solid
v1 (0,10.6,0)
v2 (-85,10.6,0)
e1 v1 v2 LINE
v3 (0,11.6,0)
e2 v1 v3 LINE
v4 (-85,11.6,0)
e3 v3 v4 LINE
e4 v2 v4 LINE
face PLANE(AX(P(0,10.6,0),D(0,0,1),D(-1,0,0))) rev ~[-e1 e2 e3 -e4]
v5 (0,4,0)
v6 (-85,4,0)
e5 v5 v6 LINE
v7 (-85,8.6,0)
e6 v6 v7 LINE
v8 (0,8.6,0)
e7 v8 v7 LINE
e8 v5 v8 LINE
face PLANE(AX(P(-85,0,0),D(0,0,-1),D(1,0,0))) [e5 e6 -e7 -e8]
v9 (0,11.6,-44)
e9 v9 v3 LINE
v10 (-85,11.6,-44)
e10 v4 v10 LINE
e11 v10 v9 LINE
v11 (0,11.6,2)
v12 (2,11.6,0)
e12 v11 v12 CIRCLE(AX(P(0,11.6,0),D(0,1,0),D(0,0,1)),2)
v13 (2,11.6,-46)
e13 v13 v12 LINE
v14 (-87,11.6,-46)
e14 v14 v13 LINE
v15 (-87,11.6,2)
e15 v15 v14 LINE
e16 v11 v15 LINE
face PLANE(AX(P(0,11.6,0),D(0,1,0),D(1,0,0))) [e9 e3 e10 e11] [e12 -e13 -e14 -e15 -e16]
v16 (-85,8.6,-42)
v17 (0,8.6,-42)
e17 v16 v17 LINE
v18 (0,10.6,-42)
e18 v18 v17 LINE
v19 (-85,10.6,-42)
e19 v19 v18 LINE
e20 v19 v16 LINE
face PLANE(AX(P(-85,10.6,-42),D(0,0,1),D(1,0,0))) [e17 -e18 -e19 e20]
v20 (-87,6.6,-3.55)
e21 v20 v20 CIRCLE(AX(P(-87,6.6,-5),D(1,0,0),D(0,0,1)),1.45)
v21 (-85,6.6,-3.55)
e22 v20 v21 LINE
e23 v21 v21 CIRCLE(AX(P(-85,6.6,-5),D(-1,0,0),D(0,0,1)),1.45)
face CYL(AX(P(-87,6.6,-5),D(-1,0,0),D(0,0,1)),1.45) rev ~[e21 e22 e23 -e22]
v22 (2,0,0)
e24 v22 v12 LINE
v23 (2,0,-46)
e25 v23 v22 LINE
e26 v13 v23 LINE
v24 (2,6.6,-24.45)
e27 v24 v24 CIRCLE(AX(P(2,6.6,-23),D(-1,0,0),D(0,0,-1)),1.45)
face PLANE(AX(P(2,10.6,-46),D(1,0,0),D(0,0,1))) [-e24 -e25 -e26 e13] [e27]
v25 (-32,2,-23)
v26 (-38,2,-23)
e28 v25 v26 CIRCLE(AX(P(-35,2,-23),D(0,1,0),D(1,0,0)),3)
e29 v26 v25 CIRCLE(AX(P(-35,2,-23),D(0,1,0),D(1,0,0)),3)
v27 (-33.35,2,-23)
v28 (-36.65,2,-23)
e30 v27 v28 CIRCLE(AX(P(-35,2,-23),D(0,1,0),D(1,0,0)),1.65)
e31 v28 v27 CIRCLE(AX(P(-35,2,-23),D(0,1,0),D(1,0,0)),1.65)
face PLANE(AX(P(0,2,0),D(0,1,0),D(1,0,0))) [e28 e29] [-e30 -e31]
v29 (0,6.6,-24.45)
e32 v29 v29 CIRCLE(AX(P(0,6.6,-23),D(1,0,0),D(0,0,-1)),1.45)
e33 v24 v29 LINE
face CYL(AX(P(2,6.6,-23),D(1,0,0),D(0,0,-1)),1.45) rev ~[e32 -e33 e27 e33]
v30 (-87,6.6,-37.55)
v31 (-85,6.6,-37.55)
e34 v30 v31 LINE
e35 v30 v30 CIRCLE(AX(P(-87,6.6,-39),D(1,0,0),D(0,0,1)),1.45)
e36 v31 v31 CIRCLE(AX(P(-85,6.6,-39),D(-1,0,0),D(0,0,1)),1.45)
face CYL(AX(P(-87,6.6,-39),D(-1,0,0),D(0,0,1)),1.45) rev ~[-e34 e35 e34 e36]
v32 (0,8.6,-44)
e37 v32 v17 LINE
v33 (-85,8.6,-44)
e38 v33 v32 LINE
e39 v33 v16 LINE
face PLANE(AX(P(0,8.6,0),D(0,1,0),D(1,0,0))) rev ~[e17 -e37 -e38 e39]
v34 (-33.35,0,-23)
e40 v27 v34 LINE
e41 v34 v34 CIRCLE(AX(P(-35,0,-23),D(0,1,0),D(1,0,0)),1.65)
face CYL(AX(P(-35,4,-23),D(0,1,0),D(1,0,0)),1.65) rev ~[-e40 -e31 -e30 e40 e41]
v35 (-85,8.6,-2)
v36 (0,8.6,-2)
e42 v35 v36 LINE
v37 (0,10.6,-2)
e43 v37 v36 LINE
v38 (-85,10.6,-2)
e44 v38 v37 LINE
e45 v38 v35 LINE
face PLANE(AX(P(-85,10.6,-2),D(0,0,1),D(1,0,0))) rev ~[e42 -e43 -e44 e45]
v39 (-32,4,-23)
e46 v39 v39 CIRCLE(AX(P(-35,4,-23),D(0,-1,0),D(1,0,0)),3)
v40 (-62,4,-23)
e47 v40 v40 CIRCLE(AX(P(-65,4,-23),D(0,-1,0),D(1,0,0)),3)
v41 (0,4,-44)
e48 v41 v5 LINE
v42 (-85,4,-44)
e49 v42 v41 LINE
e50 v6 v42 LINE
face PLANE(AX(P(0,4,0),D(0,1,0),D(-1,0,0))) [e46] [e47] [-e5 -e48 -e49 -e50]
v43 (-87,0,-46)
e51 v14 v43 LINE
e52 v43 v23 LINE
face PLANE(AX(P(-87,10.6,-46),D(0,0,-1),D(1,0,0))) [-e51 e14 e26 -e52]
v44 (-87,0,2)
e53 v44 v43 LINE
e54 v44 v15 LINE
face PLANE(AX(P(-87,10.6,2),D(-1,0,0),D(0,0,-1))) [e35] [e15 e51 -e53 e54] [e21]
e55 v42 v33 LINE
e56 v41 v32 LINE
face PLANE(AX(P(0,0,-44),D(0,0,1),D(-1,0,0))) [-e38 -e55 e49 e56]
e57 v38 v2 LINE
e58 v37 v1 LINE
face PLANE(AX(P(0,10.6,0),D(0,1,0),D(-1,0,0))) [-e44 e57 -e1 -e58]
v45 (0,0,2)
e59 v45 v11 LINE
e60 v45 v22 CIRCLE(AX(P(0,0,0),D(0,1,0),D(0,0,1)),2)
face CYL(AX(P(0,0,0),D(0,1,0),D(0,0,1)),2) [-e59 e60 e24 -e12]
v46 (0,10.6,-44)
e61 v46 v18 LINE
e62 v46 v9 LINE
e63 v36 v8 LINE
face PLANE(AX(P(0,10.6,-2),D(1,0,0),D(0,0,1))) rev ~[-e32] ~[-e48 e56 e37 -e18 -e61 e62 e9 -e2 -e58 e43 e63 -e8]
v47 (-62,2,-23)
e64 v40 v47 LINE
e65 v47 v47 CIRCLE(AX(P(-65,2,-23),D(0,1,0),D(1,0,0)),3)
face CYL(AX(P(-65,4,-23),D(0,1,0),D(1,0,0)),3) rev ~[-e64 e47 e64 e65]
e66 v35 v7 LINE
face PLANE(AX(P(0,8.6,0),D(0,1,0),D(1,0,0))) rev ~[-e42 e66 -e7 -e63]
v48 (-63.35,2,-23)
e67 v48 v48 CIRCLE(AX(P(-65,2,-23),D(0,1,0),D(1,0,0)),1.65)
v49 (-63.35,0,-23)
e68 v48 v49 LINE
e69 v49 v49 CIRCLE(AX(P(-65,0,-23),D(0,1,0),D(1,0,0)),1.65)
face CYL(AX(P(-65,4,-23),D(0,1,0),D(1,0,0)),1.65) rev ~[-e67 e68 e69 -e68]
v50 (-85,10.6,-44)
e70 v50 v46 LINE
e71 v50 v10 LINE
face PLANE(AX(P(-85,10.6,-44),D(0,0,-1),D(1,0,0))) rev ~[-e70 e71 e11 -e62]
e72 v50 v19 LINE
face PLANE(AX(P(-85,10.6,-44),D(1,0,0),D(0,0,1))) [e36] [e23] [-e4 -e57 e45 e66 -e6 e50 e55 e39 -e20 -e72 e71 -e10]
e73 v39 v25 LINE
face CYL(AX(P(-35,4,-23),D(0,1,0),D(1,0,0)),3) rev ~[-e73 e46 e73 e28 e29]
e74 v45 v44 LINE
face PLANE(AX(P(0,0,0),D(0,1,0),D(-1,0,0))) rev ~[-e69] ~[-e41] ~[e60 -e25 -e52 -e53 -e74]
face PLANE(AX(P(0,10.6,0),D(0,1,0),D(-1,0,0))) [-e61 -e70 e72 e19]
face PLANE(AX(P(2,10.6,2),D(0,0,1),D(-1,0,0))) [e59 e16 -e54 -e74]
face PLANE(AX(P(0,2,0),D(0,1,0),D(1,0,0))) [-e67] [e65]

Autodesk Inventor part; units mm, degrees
ref_plane "YZ Plane" through (0, 0, 0) normal (1, 0, 0) x (0, 1, 0)
ref_plane "XZ Plane" through (0, 0, 0) normal (0, 1, 0) x (-1, 0, 0)
ref_plane "XY Plane" through (0, 0, 0) normal (0, 0, 1) x (1, 0, 0)
sketch "Sketch1" plane through (0, 0, 0) normal (0, 1, 0) x (-1, 0, 0)
  line L0 (0, 0) -> (0, -44)
  line L1 (0, -44) -> (85, -44)
  line L2 (85, -44) -> (85, 0)
  line L3 (85, 0) -> (0, 0)
  line L4 (0, 2) -> (85, 2)
  line L5 (85, 2) -> (87, 2)
  line L6 (87, 2) -> (87, -44)
  line L7 (87, -44) -> (87, -46)
  line L8 (87, -46) -> (0, -46)
  line L9 (0, -46) -> (-2, -46)
  line L10 (-2, -46) -> (-2, 2)
  line L11 (-2, 2) -> (0, 2)
  dimension "d0" = 44
  dimension "d1" = 85
  dimension "d2" = 2
  dimension "d3" = 2
  dimension "d4" = 2
  dimension "d5" = 2
extrude "Extrusion1" add sketch "Sketch1" along normal blind 4 contours L3 L2 L1 L0 | L4 L5 L6 L7 L8 L9 L10 L11
extrude "Extrusion2" add sketch "Sketch1" along normal blind 10.6
sketch "Sketch2" plane through (0, 10.6, 0) normal (0, 1, 0) x (1, 0, 0)
  line L0 (-87, -2) -> (-87, 46) projected
  line L1 (-87, -2) -> (-87, 46)
  line L2 (2, 46) -> (2, -2) projected
  line L3 (-87, 46) -> (2, 46)
  line L4 (2, 46) -> (2, -2)
  line L5 (2, -2) -> (-87, -2)
  line L6 (-85, 44) -> (-85, 0) projected
  line L7 (-85, 0) -> (-85, 44)
  line L8 (-85, 44) -> (0, 44)
  line L9 (0, 44) -> (0, 0) projected
  line L10 (0, 44) -> (0, 0)
  line L11 (0, 0) -> (-85, 0)
  line L12 (-85, 0) -> (-85, 2)
  line L13 (-85, 2) -> (0, 2)
  line L14 (-85, 44) -> (-85, 42)
  line L15 (-85, 42) -> (0, 42)
  dimension "d10" = 2
  dimension "d11" = 2
extrude "Extrusion3" add sketch "Sketch2" against normal blind 2 contours L8 L9 L15 L6 | L13 L9 L11 L6
extrude "Extrusion4" add sketch "Sketch2" along normal blind 1
fillet "Fillet1" radius 2 1 edges at (2, 5.8, 2)
sketch "Sketch3" plane through (2, 0, -46) normal (1, 0, 0) x (0, 0, -1)
  line L0 (0, 11.6) -> (-46, 11.6) projected
  line L1 (-23, 11.6) -> (-23, 6.6)
  circle A0 centre (-23, 6.6) radius 1.45
  point P0 (-46, 0)
  dimension "d17" = 5
  dimension "d18" = 2.9
extrude "Extrusion5" cut sketch "Sketch3" against normal blind 15
sketch "Sketch4" plane through (-87, 0, -46) normal (-1, 0, 0) x (0, 0, 1)
  line L0 (46, 11.6) -> (0, 11.6) projected
  line L1 (0, 11.6) -> (2, 11.6)
  line L2 (2, 11.6) -> (7, 11.6)
  line L3 (7, 11.6) -> (7, 6.6)
  line L4 (46, 0) -> (46, 11.6) projected
  line L5 (46, 11.6) -> (41, 11.6)
  line L6 (2, 11.6) -> (46, 11.6) projected
  line L7 (41, 11.6) -> (41, 6.6)
  circle A0 centre (7, 6.6) radius 1.45
  circle A1 centre (41, 6.6) radius 1.45
  dimension "d21" = 2
  dimension "d22" = 5
  dimension "d23" = 5
  dimension "d24" = 5
  dimension "d25" = 5
  dimension "d26" = 2.9
  dimension "d27" = 2.9
extrude "Extrusion6" cut sketch "Sketch4" against normal blind 15
sketch "Sketch5" plane through (0, 4, 0) normal (0, 1, 0) x (1, 0, 0)
  line L0 (-87, 46) -> (-87, 0) projected
  line L1 (-87, 23) -> (-65, 23)
  line L2 (-65, 23) -> (-35, 23)
  circle A0 centre (-65, 23) radius 1.65
  circle A1 centre (-35, 23) radius 1.65
  circle A2 centre (-35, 23) radius 3
  circle A3 centre (-65, 23) radius 3
  point P0 (0, 0)
  dimension "d30" = 22
  dimension "d31" = 30
  dimension "d32" = 3.3
  dimension "d33" = 3.3
  dimension "d34" = 6
  dimension "d35" = 6
extrude "Extrusion7" cut sketch "Sketch5" against normal blind 10 contours A1 | A0 L2 L1 | L1 L2 A0
extrude "Extrusion8" cut sketch "Sketch5" against normal blind 2 contours A3 L2 A0 L1 | A2 | L1 A0 L2 A3
properties part number "output"
